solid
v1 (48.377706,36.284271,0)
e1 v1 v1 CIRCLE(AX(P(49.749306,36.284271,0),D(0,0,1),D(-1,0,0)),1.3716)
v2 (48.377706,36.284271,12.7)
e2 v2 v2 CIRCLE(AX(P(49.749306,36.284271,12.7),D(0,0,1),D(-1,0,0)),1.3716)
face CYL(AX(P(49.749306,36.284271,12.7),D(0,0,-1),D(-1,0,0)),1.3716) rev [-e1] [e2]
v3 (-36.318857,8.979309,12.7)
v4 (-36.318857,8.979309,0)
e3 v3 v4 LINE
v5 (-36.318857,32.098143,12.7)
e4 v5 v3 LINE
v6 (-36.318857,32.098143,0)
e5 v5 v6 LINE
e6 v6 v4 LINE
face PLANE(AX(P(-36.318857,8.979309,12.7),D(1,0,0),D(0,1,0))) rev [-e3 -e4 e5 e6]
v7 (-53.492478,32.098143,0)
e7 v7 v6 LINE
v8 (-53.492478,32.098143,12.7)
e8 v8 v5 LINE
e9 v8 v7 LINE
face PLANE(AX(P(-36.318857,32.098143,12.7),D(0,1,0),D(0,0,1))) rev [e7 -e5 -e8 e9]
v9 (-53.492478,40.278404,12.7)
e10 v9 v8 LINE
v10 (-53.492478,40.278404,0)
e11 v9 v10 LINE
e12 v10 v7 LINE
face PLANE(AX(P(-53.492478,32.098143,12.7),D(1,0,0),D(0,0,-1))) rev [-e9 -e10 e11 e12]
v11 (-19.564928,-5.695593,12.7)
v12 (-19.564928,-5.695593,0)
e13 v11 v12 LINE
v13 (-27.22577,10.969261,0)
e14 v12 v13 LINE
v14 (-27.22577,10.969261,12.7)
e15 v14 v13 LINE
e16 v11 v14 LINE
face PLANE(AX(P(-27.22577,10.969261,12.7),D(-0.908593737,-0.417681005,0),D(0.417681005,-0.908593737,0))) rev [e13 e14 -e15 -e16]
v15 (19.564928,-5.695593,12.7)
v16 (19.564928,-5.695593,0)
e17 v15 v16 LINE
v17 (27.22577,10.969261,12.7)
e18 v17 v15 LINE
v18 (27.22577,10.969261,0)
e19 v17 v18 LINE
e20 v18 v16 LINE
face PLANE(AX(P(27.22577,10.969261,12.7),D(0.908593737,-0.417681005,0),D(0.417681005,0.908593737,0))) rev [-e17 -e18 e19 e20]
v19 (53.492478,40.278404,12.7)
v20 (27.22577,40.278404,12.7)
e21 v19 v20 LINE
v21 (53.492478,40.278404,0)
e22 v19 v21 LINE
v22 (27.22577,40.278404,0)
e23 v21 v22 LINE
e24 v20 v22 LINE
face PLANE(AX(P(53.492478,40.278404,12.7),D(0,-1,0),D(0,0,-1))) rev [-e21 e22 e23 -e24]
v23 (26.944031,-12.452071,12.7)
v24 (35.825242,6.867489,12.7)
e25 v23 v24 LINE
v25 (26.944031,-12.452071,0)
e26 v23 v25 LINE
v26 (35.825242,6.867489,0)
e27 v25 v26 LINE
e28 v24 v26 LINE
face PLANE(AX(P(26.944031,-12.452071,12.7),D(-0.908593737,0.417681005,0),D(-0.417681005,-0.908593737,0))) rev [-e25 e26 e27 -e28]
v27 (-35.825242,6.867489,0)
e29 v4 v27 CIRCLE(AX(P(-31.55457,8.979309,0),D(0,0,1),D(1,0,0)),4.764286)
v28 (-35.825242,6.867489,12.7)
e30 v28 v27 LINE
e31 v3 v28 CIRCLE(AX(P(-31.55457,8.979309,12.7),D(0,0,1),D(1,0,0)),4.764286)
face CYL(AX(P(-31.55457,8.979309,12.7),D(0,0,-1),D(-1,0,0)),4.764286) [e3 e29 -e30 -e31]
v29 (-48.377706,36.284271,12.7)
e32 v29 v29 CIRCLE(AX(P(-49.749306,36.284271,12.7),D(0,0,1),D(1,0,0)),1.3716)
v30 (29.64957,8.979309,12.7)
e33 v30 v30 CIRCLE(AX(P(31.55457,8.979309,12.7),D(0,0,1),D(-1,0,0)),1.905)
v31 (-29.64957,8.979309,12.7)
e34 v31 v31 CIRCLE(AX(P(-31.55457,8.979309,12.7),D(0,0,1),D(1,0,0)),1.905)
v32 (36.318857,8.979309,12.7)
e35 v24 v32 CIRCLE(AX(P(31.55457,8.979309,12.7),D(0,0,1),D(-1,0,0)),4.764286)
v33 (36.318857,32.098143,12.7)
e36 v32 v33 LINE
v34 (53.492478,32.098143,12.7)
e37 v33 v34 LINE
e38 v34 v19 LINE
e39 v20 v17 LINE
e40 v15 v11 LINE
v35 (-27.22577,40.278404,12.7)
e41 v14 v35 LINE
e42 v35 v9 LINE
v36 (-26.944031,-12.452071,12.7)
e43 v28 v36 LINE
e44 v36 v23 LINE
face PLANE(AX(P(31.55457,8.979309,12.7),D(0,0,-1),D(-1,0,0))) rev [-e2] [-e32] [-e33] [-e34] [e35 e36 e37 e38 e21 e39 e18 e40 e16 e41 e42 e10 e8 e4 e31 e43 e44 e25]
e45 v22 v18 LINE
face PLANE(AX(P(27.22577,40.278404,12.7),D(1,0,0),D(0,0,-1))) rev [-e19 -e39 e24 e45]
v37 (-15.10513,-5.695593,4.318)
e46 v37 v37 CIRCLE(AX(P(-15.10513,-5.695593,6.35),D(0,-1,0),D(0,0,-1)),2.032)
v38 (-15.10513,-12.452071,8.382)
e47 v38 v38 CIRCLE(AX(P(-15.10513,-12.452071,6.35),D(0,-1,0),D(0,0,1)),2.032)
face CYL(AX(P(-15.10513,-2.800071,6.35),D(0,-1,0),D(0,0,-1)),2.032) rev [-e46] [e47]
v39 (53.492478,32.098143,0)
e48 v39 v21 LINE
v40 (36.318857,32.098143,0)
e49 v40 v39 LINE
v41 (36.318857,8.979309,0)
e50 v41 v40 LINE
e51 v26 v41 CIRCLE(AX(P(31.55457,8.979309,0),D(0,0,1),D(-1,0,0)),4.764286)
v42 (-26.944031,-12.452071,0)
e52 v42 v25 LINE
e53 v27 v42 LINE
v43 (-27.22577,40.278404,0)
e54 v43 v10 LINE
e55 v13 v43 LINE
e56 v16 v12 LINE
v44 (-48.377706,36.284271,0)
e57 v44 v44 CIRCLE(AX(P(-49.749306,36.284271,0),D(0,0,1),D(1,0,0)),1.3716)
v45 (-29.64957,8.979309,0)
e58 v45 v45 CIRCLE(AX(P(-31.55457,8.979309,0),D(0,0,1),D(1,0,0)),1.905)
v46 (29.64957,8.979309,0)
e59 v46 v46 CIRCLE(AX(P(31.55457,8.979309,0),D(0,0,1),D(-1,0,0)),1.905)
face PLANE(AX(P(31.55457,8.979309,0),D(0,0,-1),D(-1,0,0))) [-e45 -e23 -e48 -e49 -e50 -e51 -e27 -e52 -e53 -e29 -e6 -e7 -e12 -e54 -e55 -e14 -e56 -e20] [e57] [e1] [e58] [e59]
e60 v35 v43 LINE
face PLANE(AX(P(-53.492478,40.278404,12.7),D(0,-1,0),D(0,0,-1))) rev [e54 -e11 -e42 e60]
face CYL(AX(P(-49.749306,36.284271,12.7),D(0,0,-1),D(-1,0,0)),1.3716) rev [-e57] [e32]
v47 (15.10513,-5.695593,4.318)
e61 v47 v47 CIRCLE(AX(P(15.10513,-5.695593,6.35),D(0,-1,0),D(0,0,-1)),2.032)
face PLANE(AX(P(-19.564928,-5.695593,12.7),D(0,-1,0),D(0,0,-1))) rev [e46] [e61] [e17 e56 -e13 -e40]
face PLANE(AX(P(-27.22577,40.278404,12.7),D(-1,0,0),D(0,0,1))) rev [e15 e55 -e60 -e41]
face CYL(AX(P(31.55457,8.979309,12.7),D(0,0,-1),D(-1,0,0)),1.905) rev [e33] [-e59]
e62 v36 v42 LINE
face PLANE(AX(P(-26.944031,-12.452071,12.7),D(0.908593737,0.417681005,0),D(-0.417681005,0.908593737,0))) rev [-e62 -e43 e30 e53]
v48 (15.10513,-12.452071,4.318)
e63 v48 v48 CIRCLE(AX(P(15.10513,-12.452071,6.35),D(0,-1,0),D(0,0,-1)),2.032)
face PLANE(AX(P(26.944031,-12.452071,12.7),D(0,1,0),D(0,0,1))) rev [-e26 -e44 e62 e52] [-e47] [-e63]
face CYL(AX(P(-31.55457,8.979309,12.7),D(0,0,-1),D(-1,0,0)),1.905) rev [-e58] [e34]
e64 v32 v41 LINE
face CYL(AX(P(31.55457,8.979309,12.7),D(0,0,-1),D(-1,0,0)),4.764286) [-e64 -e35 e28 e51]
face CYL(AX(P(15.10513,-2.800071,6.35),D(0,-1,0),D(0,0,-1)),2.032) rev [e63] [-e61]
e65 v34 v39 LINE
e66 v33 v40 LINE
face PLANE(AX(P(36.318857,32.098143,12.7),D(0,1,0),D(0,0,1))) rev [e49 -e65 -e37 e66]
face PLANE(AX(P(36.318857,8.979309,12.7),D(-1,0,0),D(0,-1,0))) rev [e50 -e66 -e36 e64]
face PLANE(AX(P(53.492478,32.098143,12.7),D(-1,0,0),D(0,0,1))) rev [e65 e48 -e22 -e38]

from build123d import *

# Parameters (mm, degrees)
SKETCH1_R      = 1.3716
SKETCH1_R_2    = 1.905
EXTRUDE1_DEPTH = 12.7
SKETCH2_R      = 2.032
EXTRUDE2_DEPTH = 9.652


with BuildPart() as part:
    # Sketch1 → Extrude1 (new body)
    with BuildSketch(Plane.XY):
        with BuildLine():
            Line((-27.225769594, 10.969260914), (-19.564927608, -5.695593273))
            Line((-19.564927608, -5.695593273), (19.564927608, -5.695593273))
            Line((19.564927608, -5.695593273), (27.225769594, 10.969260914))
            Line((27.225769594, 10.969260914), (27.225769594, 40.278404046))
            Line((27.225769594, 40.278404046), (53.492478146, 40.278404046))
            Line((53.492478146, 40.278404046), (53.492478146, 32.09814334))
            Line((53.492478146, 32.09814334), (36.318856593, 32.09814334))
            Line((36.318856593, 32.09814334), (36.318856593, 8.979309022))
            ThreePointArc((36.318856593, 8.979309022), (36.193812026, 7.894938195), (35.825242223, 6.867488665))
            Line((35.825242223, 6.867488665), (26.944030552, -12.452071481))
            Line((26.944030552, -12.452071481), (-26.944030552, -12.452071481))
            Line((-26.944030552, -12.452071481), (-35.825242223, 6.867488665))
            ThreePointArc((-35.825242223, 6.867488665), (-36.193812026, 7.894938195), (-36.318856593, 8.979309022))
            Line((-36.318856593, 8.979309022), (-36.318856593, 32.09814334))
            Line((-36.318856593, 32.09814334), (-53.492478146, 32.09814334))
            Line((-53.492478146, 32.09814334), (-53.492478146, 40.278404046))
            Line((-53.492478146, 40.278404046), (-27.225769594, 40.278404046))
            Line((-27.225769594, 40.278404046), (-27.225769594, 10.969260914))
        make_face()
        with Locations((-49.749305957, 36.28427137)):
            Circle(SKETCH1_R, mode=Mode.SUBTRACT)
        with Locations(Location((49.749305957, 36.28427137, 0), (0, 0, 180))):
            Circle(SKETCH1_R, mode=Mode.SUBTRACT)
        with Locations(Location((31.554570289, 8.979309022, 0), (0, 0, 180))):
            Circle(SKETCH1_R_2, mode=Mode.SUBTRACT)
        with Locations((-31.554570289, 8.979309022)):
            Circle(SKETCH1_R_2, mode=Mode.SUBTRACT)
    extrude(amount=EXTRUDE1_DEPTH)

    # Sketch2 → Extrude2 (cut)
    with BuildSketch(Plane.XZ.offset(12.452071481)):
        with Locations(Location((15.105130103, 6.35, 0), (0, 0, 270))):
            Circle(SKETCH2_R)
        with Locations(Location((-15.105130103, 6.35, 0), (0, 0, 270))):
            Circle(SKETCH2_R)
    extrude(amount=-EXTRUDE2_DEPTH, mode=Mode.SUBTRACT)


solid = part.part
